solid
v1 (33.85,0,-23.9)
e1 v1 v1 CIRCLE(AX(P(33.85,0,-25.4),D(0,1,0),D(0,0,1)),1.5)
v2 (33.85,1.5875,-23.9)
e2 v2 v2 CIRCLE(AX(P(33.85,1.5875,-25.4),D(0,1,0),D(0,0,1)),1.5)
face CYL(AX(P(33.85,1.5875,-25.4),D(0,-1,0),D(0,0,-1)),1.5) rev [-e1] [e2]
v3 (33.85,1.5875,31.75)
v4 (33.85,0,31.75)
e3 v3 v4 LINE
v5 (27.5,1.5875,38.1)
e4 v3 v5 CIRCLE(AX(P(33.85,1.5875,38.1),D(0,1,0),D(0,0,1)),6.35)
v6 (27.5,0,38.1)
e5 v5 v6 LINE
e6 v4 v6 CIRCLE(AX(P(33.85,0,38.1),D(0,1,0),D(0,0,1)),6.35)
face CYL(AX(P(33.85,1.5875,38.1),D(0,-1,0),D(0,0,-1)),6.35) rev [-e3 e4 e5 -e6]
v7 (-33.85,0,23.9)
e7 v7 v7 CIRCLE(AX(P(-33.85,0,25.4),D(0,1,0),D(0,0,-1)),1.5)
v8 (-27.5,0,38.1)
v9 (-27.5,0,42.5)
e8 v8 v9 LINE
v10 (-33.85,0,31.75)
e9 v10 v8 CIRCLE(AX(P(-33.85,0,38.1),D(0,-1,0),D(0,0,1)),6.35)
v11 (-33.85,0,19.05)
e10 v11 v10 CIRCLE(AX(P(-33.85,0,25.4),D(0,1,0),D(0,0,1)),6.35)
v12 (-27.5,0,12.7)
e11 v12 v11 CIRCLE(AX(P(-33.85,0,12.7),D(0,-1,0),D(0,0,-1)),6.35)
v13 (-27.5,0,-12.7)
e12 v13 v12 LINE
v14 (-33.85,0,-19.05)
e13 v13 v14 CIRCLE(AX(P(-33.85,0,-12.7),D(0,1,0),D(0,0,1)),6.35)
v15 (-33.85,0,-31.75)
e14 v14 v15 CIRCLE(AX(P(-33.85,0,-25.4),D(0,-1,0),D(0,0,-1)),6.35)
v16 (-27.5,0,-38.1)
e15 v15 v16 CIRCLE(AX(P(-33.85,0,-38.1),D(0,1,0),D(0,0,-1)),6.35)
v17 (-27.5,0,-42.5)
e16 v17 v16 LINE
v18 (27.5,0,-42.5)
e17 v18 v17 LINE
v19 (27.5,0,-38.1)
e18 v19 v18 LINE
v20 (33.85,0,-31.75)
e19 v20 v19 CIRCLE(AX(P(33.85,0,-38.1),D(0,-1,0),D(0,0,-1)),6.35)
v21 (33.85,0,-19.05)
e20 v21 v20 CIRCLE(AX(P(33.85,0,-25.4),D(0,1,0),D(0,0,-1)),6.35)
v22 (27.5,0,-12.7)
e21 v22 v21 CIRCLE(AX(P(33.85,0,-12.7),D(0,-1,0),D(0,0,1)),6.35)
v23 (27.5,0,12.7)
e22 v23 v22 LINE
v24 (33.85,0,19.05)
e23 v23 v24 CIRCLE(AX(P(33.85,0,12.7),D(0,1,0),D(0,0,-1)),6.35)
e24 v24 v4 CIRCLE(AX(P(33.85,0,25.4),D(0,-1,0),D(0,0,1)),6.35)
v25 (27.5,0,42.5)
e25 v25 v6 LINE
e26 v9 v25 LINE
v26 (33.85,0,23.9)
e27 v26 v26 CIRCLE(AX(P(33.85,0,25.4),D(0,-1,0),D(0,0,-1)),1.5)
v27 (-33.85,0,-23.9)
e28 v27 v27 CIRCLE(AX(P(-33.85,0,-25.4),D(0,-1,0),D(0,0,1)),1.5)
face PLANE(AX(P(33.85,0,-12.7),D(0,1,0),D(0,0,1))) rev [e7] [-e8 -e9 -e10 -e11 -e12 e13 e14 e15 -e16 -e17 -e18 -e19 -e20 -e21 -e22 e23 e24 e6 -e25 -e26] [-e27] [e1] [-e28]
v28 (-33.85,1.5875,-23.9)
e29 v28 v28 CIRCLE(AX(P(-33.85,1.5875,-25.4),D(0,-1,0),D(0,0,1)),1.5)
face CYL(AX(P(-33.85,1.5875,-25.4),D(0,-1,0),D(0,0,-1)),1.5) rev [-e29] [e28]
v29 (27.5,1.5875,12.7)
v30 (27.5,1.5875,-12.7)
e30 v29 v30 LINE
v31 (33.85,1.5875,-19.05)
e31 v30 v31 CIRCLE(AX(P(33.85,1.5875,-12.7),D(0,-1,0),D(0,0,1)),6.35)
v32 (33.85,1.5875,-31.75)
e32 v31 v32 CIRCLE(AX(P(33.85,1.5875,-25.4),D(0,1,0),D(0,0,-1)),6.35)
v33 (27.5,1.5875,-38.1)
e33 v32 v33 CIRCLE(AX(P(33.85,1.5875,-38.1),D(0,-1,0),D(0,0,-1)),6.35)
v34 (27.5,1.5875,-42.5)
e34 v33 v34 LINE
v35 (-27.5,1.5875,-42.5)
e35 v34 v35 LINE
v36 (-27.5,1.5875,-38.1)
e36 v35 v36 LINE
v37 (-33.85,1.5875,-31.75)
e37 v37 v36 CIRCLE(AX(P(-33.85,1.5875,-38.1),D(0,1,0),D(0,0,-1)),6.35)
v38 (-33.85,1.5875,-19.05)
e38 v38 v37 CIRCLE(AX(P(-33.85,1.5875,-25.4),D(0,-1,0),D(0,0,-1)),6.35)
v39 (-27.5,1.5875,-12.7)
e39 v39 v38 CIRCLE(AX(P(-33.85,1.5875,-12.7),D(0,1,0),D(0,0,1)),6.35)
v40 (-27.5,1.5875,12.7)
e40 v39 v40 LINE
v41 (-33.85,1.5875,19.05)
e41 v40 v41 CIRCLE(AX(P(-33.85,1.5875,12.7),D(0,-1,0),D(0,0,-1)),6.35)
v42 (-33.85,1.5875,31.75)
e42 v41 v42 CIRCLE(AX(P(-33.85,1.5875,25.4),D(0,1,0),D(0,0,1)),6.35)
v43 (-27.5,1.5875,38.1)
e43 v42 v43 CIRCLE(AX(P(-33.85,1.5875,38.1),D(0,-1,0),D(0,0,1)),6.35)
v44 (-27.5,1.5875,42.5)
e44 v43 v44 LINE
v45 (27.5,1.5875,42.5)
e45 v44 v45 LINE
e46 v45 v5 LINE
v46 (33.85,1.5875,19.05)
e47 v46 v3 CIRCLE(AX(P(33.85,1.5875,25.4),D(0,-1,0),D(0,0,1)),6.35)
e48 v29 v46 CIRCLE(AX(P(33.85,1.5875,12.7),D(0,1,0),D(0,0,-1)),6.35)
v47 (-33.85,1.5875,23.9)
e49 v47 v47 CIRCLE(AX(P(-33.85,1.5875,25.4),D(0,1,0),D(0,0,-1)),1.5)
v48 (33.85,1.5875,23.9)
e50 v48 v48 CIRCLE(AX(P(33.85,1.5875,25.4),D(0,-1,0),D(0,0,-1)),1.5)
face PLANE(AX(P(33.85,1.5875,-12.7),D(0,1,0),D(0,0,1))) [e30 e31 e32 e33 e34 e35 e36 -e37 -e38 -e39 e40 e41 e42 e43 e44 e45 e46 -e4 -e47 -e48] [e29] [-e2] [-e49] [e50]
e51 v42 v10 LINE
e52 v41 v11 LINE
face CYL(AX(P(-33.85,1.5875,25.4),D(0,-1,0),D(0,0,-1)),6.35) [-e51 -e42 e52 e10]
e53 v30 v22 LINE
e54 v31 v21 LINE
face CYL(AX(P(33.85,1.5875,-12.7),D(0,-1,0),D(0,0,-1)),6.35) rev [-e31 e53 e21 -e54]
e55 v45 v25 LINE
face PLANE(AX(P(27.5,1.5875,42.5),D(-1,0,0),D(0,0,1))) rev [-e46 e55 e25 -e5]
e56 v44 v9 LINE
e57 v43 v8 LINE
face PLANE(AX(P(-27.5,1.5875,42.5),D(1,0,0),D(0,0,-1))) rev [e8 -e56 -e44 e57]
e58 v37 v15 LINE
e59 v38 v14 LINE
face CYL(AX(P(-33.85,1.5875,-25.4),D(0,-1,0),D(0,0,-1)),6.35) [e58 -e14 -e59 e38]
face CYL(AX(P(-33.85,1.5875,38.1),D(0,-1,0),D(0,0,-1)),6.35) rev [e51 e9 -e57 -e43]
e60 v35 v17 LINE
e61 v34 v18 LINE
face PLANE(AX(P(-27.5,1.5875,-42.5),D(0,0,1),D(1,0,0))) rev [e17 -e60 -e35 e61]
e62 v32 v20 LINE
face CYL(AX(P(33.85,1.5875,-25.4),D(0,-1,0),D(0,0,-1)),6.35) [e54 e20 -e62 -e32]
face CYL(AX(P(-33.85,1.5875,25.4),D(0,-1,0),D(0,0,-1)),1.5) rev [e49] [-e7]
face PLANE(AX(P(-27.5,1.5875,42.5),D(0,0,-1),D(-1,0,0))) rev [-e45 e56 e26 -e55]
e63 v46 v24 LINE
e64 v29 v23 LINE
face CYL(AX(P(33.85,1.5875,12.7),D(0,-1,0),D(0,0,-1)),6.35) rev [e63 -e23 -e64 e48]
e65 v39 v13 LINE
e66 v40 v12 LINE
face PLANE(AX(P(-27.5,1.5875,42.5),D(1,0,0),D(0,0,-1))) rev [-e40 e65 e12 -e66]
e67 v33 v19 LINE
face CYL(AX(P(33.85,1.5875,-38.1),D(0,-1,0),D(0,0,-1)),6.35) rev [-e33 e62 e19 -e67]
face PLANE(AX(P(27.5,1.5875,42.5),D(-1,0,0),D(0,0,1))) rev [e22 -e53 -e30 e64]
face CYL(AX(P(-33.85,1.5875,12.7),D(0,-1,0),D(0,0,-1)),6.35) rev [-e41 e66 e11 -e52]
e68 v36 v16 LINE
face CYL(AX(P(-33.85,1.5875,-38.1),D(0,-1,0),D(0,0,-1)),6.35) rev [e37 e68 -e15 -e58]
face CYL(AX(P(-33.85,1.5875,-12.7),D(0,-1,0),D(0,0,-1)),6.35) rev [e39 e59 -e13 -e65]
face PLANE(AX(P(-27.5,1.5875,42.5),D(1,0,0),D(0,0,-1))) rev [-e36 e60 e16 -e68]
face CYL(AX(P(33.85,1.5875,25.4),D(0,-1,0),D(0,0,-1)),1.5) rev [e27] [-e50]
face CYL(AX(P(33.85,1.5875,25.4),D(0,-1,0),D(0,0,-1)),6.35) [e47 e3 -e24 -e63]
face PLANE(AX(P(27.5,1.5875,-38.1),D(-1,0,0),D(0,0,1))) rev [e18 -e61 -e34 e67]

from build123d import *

# Parameters (mm, degrees)
SKETCH1_R               = 1.5
BOSS_EXTRUDE1_DEPTH     = 1.5875
MIRROR2_COPY_1_SKETCH_R = 1.5
MIRROR2_COPY_1_DEPTH    = 1.5875


with BuildPart() as part:
    # Sketch1 → Boss-Extrude1 (new body)
    with BuildSketch(Plane(origin=(0, 0, 0), x_dir=(1, 0, 0), z_dir=(0, 1, 0))):
        with BuildLine():
            Line((-27.5, -42.5), (27.5, -42.5))
            Line((27.5, -42.5), (27.5, 12.7))
            ThreePointArc((27.5, 12.7), (29.359871939, 17.190128061), (33.85, 19.05))
            ThreePointArc((33.85, 19.05), (40.2, 25.4), (33.85, 31.75))
            ThreePointArc((33.85, 31.75), (29.359871939, 33.609871939), (27.5, 38.1))
            Line((27.5, 38.1), (27.5, 42.5))
            Line((27.5, 42.5), (-27.5, 42.5))
            Line((-27.5, 42.5), (-27.5, -42.5))
        make_face()
        with Locations((33.85, 25.4)):
            Circle(SKETCH1_R, mode=Mode.SUBTRACT)
    boss_extrude1 = extrude(amount=BOSS_EXTRUDE1_DEPTH)

    # Mirror1: Boss-Extrude1 across plane
    add(boss_extrude1.mirror(Plane.XY))

    # Mirror2: Boss-Extrude1 across plane
    add(boss_extrude1.mirror(Plane(origin=(0, 0, 0), x_dir=(0, 0, 1), z_dir=(1, 0, 0))))

    # Mirror2 copy 1 sketch → Mirror2 copy 1 (add)
    with BuildSketch(Plane(origin=(0, 0, 0), x_dir=(-1, 0, 0), z_dir=(0, 1, 0))):
        with BuildLine():
            Line((-27.5, -42.5), (27.5, -42.5))
            Line((27.5, -42.5), (27.5, 12.7))
            ThreePointArc((27.5, 12.7), (29.359871939, 17.190128061), (33.85, 19.05))
            ThreePointArc((33.85, 19.05), (40.2, 25.4), (33.85, 31.75))
            ThreePointArc((33.85, 31.75), (29.359871939, 33.609871939), (27.5, 38.1))
            Line((27.5, 38.1), (27.5, 42.5))
            Line((27.5, 42.5), (-27.5, 42.5))
            Line((-27.5, 42.5), (-27.5, -42.5))
        make_face()
        with Locations((33.85, 25.4)):
            Circle(MIRROR2_COPY_1_SKETCH_R, mode=Mode.SUBTRACT)
    extrude(amount=MIRROR2_COPY_1_DEPTH)


solid = part.part
